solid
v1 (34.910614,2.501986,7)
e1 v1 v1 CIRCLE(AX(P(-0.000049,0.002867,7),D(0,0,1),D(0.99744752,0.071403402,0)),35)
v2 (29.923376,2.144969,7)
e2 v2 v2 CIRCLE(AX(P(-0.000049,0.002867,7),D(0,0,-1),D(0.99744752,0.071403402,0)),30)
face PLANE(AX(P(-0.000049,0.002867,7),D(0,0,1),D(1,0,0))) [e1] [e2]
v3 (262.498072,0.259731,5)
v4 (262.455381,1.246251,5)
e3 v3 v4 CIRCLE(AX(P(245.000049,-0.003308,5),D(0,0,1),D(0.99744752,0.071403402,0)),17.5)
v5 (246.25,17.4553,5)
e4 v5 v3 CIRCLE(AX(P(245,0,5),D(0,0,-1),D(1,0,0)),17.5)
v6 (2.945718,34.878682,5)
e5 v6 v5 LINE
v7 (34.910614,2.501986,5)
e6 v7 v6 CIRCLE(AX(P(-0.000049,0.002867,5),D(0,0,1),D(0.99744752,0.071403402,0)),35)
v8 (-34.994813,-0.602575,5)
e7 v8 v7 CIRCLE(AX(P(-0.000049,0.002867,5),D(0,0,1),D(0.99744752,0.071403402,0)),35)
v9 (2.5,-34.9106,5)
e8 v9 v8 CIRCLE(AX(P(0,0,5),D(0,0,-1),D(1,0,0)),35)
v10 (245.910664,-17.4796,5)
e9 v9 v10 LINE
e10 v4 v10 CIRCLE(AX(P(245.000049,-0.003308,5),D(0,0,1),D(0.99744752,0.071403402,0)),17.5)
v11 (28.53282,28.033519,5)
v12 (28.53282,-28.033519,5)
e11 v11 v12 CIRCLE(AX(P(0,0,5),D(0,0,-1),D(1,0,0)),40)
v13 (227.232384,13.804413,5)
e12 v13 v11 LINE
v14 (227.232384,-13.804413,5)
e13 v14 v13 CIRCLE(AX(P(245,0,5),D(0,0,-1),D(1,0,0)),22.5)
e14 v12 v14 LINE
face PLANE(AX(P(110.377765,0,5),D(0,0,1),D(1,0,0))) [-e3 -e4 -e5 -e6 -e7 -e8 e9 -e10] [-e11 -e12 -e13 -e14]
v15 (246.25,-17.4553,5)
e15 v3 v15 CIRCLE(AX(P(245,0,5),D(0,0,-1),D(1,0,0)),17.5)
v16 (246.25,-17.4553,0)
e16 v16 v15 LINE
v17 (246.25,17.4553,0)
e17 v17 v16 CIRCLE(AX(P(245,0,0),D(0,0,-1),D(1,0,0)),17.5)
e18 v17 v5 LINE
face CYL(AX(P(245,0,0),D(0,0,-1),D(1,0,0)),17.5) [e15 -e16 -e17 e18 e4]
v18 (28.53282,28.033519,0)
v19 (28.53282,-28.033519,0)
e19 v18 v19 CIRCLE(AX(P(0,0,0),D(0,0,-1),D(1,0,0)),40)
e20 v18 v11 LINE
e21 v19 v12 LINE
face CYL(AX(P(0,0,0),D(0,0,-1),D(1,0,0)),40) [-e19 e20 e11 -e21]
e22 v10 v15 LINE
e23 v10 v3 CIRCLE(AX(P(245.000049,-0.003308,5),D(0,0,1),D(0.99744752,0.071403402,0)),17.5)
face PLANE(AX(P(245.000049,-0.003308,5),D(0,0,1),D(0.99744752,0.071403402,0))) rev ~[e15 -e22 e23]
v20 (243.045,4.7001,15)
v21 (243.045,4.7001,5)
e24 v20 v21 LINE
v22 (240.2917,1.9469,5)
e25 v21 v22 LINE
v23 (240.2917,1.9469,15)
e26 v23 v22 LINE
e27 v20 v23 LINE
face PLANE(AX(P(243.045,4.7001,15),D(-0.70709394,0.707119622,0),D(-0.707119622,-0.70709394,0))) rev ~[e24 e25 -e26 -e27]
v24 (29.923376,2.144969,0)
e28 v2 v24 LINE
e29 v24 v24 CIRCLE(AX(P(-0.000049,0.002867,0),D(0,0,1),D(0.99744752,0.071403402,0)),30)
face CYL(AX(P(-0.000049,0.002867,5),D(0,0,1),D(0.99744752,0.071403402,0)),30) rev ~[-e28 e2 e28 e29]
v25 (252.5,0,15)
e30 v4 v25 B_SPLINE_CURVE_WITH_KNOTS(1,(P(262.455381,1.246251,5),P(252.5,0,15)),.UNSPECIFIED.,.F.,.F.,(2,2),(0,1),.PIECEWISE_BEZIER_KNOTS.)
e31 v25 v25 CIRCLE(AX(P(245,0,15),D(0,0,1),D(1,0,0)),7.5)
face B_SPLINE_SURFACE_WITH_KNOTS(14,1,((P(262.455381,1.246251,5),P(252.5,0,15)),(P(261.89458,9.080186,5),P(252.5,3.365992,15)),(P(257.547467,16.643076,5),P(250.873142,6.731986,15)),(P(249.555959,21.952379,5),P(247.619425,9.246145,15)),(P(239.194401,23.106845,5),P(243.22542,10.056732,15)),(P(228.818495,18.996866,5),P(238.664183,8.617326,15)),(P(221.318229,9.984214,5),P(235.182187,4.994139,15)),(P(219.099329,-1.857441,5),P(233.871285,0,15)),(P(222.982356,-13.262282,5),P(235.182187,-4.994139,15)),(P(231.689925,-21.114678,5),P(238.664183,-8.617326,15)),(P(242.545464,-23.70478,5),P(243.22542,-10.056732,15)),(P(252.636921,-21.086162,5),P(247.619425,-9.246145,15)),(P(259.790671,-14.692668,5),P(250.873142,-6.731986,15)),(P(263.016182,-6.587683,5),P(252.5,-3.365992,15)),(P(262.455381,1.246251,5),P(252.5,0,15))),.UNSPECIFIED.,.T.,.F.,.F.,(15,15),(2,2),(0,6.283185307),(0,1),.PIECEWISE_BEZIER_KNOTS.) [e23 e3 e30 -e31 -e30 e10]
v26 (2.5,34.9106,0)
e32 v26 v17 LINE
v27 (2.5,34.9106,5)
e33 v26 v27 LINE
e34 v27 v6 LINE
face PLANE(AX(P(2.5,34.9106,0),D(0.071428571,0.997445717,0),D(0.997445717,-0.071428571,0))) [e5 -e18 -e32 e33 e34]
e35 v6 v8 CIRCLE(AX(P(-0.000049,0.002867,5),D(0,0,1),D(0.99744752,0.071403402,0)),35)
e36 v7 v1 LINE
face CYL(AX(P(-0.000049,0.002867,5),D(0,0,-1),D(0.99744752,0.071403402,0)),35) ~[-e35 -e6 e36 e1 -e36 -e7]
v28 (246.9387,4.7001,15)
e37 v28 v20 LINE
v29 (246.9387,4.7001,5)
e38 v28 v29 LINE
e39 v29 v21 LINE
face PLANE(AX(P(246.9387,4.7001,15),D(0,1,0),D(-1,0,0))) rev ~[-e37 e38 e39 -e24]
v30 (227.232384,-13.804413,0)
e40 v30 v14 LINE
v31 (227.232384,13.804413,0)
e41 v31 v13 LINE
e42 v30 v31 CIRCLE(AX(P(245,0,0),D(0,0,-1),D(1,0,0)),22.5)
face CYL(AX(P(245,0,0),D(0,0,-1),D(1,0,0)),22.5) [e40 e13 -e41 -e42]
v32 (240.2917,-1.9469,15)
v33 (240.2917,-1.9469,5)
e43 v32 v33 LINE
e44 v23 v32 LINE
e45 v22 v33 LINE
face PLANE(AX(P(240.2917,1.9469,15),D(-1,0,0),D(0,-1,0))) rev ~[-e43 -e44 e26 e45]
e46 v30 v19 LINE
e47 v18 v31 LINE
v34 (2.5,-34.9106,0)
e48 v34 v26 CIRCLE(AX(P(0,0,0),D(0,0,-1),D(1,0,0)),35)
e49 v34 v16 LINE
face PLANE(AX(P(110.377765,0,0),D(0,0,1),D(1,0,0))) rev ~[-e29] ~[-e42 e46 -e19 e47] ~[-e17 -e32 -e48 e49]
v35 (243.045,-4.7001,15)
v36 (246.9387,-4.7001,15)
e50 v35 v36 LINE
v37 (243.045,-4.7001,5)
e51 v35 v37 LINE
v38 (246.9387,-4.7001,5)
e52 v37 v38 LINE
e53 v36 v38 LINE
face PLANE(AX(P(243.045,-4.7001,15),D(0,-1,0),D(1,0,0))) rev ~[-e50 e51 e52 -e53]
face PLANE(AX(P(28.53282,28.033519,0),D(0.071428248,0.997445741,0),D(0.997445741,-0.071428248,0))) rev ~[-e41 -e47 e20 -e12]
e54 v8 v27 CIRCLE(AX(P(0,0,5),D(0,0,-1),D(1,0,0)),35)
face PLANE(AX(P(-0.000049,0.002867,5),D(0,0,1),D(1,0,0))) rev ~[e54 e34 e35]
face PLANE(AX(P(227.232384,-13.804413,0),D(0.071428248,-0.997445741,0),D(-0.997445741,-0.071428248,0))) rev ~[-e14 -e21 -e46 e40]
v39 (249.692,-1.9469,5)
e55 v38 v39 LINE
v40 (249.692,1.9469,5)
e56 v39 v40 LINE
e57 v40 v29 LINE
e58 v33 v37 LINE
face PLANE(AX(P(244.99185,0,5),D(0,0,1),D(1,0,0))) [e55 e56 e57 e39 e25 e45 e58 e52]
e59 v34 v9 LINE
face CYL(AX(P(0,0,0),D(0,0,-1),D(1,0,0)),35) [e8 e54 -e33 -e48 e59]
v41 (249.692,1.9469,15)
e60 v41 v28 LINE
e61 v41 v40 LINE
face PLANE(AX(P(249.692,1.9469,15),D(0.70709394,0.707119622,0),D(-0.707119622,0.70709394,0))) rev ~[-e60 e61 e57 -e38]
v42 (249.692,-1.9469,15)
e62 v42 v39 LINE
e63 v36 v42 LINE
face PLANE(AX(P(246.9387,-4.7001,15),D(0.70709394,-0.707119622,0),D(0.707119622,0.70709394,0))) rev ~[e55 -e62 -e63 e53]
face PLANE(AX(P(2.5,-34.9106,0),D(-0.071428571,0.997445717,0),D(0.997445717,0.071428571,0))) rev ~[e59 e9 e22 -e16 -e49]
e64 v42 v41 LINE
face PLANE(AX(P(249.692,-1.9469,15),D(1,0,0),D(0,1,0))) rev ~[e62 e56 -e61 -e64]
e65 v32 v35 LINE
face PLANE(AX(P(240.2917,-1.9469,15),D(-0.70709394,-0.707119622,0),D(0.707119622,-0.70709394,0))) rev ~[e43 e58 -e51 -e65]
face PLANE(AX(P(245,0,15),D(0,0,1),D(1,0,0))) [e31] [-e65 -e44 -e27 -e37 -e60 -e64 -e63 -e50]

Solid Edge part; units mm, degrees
sketch "Sketch1" plane through (0, 0, 0) normal (0, 0, 1) x (1, 0, 0)
  line L0 (2.5, -34.9106) -> (246.25, -17.4553)
  line L1 (2.5, 34.9106) -> (246.25, 17.4553)
  arc A0 (246.25, 17.4553) -> (246.25, -17.4553) centre (245, 0) cw
  arc A1 (2.5, -34.9106) -> (2.5, 34.9106) centre (0, 0) cw
extrude "ExtrudedProtrusion_7" add sketch "Sketch1" along normal blind 5
sketch "Sketch2" plane through (113.75, 0, 5) normal (0, 0, 1) x (0.9974, 0.0714, 0)
  circle A0 centre (-113.4595, 8.125) radius 35
extrude "ExtrudedProtrusion_8" add sketch "Sketch2" along normal blind 2
sketch "Sketch3" plane through (113.75, 0, 5) normal (0, 0, 1) x (0.9974, 0.0714, 0)
  circle A0 centre (-113.4595, 8.125) radius 30
extrude "ExtrudedCutout_9" cut sketch "Sketch3" along normal mid plane 51.5689
sketch "Sketch4" plane through (113.75, 0, 5) normal (0, 0, 1) x (0.9974, 0.0714, 0)
  circle A0 centre (130.9148, -9.375) radius 17.5
sketch "Sketch5" plane through (0, 0, 15) normal (0, 0, 1) x (1, 0, 0)
  circle A0 centre (245, 0) radius 7.5
loft "LoftedProtrusion1" add profiles "Sketch4", "Sketch5"
sketch "Sketch6" plane through (0, 0, 15) normal (0, 0, 1) x (1, 0, 0)
  line L0 (243.045, -4.7001) -> (246.9387, -4.7001)
  line L1 (246.9387, -4.7001) -> (249.692, -1.9469)
  line L2 (249.692, -1.9469) -> (249.692, 1.9469)
  line L3 (249.692, 1.9469) -> (246.9387, 4.7001)
  line L4 (246.9387, 4.7001) -> (243.045, 4.7001)
  line L5 (243.045, 4.7001) -> (240.2917, 1.9469)
  line L6 (240.2917, 1.9469) -> (240.2917, -1.9469)
  line L7 (240.2917, -1.9469) -> (243.045, -4.7001)
extrude "ExtrudedCutout_10" cut sketch "Sketch6" against normal blind 10
extrude "Protrusion1" [suppressed]
sketch "Sketch7" plane through (0, 0, 0) normal (0, 0, 1) x (1, 0, 0)
  line L0 (227.2324, -13.8044) -> (28.5328, -28.0335)
  line L1 (28.5328, 28.0335) -> (227.2324, 13.8044)
  arc A0 (28.5328, 28.0335) -> (28.5328, -28.0335) centre (0, 0) cw
  arc A1 (227.2324, -13.8044) -> (227.2324, 13.8044) centre (245, 0) cw
extrude "ExtrudedCutout_12" cut sketch "Sketch7" along normal blind 42.1951
